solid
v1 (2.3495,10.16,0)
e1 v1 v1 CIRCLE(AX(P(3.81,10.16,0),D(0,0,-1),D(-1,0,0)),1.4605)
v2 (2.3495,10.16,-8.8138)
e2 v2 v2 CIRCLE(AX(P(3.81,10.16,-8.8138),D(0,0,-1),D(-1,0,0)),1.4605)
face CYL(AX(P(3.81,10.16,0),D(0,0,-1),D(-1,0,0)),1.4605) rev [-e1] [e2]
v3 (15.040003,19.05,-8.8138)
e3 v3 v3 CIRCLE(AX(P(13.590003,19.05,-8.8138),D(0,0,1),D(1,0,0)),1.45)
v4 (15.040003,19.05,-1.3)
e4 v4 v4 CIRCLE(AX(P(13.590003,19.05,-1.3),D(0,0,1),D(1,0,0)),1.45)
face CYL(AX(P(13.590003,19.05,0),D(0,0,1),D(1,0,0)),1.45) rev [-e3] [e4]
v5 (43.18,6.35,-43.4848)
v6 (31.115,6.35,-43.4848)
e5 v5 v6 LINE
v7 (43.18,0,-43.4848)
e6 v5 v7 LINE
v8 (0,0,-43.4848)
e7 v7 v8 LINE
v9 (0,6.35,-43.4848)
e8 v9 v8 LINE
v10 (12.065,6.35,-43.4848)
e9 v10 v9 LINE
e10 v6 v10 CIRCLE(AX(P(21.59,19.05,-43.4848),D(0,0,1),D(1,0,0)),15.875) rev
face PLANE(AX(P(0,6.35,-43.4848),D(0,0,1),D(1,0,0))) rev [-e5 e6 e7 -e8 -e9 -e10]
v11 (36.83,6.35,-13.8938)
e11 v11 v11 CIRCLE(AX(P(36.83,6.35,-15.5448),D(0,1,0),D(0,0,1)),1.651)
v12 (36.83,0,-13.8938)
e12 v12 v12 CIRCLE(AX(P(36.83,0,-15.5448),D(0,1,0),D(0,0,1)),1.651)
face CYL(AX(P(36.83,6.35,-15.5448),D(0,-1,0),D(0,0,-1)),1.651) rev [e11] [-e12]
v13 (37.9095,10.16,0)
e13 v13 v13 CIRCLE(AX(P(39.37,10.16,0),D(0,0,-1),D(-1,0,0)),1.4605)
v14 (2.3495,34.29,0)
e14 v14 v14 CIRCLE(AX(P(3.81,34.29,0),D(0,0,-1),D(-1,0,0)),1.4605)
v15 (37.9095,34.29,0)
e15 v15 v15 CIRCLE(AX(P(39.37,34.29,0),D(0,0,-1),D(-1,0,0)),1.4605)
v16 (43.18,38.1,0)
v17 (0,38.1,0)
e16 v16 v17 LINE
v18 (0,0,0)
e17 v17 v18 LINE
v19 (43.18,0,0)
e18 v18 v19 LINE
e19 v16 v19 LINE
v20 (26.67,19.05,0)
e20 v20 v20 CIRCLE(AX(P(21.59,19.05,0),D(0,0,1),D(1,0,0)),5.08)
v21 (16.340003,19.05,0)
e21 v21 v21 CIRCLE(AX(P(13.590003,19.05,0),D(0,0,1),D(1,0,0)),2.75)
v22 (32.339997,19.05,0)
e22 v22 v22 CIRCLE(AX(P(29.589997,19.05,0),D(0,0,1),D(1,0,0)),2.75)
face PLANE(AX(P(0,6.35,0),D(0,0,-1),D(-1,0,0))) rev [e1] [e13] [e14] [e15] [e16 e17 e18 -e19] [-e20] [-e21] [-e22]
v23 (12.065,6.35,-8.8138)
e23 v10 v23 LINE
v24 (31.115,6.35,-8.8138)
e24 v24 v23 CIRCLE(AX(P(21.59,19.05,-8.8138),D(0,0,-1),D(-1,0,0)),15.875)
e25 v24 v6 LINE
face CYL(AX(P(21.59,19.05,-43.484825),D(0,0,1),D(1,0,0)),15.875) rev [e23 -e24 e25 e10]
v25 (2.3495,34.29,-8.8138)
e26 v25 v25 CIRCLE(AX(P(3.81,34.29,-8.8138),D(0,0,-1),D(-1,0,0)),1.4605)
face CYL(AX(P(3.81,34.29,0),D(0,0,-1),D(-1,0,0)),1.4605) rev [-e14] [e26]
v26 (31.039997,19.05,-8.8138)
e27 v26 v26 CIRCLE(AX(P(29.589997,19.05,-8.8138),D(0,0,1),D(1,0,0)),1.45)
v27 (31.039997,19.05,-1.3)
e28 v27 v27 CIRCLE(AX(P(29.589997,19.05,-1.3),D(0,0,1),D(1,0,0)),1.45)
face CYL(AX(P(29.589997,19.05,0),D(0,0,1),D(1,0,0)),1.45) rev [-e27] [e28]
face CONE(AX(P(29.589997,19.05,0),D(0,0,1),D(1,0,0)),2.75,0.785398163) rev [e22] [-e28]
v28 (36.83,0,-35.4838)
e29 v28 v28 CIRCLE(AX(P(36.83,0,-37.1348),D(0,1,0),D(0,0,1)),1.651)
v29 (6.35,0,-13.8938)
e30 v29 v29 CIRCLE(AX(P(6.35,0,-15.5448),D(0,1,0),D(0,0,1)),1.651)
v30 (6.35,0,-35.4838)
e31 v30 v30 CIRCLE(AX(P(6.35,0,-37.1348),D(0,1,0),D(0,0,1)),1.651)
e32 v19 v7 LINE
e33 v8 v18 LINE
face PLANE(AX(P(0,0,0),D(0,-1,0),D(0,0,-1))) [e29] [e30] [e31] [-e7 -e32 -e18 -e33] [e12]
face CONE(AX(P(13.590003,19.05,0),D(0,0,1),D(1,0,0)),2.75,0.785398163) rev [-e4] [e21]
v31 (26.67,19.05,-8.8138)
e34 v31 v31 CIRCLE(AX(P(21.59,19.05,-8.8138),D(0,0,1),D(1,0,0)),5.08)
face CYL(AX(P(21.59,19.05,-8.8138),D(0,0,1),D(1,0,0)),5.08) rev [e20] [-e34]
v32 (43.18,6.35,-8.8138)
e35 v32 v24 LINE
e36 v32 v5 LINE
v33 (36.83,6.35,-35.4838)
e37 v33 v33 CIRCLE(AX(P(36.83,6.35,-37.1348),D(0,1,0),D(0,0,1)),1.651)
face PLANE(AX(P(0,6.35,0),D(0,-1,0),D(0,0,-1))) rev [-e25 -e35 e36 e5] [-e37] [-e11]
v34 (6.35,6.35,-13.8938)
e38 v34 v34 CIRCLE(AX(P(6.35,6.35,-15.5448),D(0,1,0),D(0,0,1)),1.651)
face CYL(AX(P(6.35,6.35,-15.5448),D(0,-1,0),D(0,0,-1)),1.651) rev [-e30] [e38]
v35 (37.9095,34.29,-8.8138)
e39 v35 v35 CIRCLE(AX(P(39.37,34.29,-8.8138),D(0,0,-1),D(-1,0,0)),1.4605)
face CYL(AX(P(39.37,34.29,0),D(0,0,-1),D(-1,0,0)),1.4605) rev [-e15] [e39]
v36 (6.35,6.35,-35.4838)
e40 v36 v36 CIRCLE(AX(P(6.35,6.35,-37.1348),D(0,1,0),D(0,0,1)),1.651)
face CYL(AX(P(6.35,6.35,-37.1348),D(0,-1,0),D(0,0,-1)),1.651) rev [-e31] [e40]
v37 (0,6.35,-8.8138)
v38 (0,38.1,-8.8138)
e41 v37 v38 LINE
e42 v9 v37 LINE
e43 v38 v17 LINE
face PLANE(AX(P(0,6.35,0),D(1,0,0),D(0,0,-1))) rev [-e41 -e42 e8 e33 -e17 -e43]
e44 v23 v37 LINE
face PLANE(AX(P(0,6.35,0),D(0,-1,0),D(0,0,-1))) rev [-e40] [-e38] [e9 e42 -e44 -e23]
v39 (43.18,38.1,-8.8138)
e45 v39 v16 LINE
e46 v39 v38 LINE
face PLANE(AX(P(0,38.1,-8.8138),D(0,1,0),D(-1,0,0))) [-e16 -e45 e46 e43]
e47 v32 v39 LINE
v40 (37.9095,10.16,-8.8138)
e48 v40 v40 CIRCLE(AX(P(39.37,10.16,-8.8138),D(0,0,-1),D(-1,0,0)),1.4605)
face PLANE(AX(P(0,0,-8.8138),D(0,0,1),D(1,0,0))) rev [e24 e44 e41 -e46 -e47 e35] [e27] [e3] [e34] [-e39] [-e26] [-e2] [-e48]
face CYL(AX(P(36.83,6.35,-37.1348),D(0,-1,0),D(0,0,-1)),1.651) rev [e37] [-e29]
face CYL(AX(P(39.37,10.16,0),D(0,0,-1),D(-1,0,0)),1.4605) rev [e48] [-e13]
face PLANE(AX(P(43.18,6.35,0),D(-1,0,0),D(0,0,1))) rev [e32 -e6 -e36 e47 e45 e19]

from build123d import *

# Parameters (mm, degrees)
SKETCH1_W                                         = 43.18
SKETCH1_H                                         = 43.4848
SKETCH1_R                                         = 1.651
BASE_LEG_DEPTH                                    = 6.35
SKETCH3_R                                         = 2.286
PERPENDICULAR_LEG_DEPTH                           = 8.8138
CSK_FOR_M2_5_FLAT_HEAD_MACHINE_SCREW1_D           = 2.9
CSK_FOR_M2_5_FLAT_HEAD_MACHINE_SCREW1_CSINK_D     = 5.5
CSK_FOR_M2_5_FLAT_HEAD_MACHINE_SCREW1_CSINK_ANGLE = 90
SKETCH10_R                                        = 1.4605
HOLES_FOR_STABILIZING_THROUGH_SHAFT_DEPTH         = 68.217561998
SKETCH11_R                                        = 15.875
CUT_EXTRUDE1_DEPTH                                = 68.217561998


with BuildPart() as part:
    # Sketch1 → Base leg (new body)
    with BuildSketch(Plane(origin=(0, 0, 0), x_dir=(1, 0, 0), z_dir=(0, 1, 0))):
        with Locations((21.59, 21.7424)):
            Rectangle(SKETCH1_W, SKETCH1_H)
        with Locations(Location((6.35, 37.1348, 0), (0, 0, 270))):
            Circle(SKETCH1_R, mode=Mode.SUBTRACT)
        with Locations(Location((36.83, 37.1348, 0), (0, 0, 270))):
            Circle(SKETCH1_R, mode=Mode.SUBTRACT)
        with Locations(Location((36.83, 15.5448, 0), (0, 0, 270))):
            Circle(SKETCH1_R, mode=Mode.SUBTRACT)
        with Locations(Location((6.35, 15.5448, 0), (0, 0, 270))):
            Circle(SKETCH1_R, mode=Mode.SUBTRACT)
    extrude(amount=BASE_LEG_DEPTH)

    # Sketch3 → Perpendicular leg (add)
    # profile 1 of 3: a face of its own
    with BuildSketch(Plane.XY):
        with BuildLine():
            Line((0, 6.35), (21.59, 6.35))
            Line((21.59, 6.35), (21.59, 13.97))
            ThreePointArc((21.59, 13.97), (16.51, 19.05), (21.59, 24.13))
            Line((21.59, 24.13), (21.59, 38.1))
            Line((21.59, 38.1), (0, 38.1))
            Line((0, 38.1), (0, 6.35))
        make_face()
        with Locations((3.302, 19.05)):
            Circle(SKETCH3_R, mode=Mode.SUBTRACT)
    # profile 2 of 3: a face of its own
    with BuildSketch(Plane.XY):
        with Locations((3.302, 19.05)):
            Circle(SKETCH3_R)
    # profile 3 of 3: a face of its own
    with BuildSketch(Plane.XY):
        with BuildLine():
            Line((21.59, 13.97), (21.59, 6.35))
            Line((21.59, 6.35), (43.18, 6.35))
            Line((43.18, 6.35), (43.18, 38.1))
            Line((43.18, 38.1), (21.59, 38.1))
            Line((21.59, 38.1), (21.59, 24.13))
            ThreePointArc((21.59, 24.13), (25.182102448, 22.642102448), (26.67, 19.05))
            ThreePointArc((26.67, 19.05), (25.182102448, 15.457897552), (21.59, 13.97))
        make_face()
    extrude(amount=-PERPENDICULAR_LEG_DEPTH)

    # CSK for M2.5 Flat Head Machine Screw1 (through all)
    with Locations(Plane.XY):
        with Locations((13.5900033, 19.05), (29.5899967, 19.05)):
            CounterSinkHole(CSK_FOR_M2_5_FLAT_HEAD_MACHINE_SCREW1_D / 2, CSK_FOR_M2_5_FLAT_HEAD_MACHINE_SCREW1_CSINK_D / 2, counter_sink_angle=CSK_FOR_M2_5_FLAT_HEAD_MACHINE_SCREW1_CSINK_ANGLE)

    # Sketch10 → Holes for stabilizing through shaft (cut, through all)
    with BuildSketch(Plane(origin=(0, 0, -8.8138), x_dir=(-1, 0, 0), z_dir=(0, 0, -1))):
        with Locations((-39.37, 34.29)):
            Circle(SKETCH10_R)
        with Locations((-39.37, 10.16)):
            Circle(SKETCH10_R)
        with Locations((-3.81, 34.29)):
            Circle(SKETCH10_R)
        with Locations((-3.81, 10.16)):
            Circle(SKETCH10_R)
    extrude(amount=-HOLES_FOR_STABILIZING_THROUGH_SHAFT_DEPTH, mode=Mode.SUBTRACT)

    # Sketch11 → Cut-Extrude1 (cut, through all)
    with BuildSketch(Plane(origin=(0, 0, -8.8138), x_dir=(-1, 0, 0), z_dir=(0, 0, -1))):
        with Locations((-21.59, 19.05)):
            Circle(SKETCH11_R)
    extrude(amount=CUT_EXTRUDE1_DEPTH, mode=Mode.SUBTRACT)


solid = part.part
